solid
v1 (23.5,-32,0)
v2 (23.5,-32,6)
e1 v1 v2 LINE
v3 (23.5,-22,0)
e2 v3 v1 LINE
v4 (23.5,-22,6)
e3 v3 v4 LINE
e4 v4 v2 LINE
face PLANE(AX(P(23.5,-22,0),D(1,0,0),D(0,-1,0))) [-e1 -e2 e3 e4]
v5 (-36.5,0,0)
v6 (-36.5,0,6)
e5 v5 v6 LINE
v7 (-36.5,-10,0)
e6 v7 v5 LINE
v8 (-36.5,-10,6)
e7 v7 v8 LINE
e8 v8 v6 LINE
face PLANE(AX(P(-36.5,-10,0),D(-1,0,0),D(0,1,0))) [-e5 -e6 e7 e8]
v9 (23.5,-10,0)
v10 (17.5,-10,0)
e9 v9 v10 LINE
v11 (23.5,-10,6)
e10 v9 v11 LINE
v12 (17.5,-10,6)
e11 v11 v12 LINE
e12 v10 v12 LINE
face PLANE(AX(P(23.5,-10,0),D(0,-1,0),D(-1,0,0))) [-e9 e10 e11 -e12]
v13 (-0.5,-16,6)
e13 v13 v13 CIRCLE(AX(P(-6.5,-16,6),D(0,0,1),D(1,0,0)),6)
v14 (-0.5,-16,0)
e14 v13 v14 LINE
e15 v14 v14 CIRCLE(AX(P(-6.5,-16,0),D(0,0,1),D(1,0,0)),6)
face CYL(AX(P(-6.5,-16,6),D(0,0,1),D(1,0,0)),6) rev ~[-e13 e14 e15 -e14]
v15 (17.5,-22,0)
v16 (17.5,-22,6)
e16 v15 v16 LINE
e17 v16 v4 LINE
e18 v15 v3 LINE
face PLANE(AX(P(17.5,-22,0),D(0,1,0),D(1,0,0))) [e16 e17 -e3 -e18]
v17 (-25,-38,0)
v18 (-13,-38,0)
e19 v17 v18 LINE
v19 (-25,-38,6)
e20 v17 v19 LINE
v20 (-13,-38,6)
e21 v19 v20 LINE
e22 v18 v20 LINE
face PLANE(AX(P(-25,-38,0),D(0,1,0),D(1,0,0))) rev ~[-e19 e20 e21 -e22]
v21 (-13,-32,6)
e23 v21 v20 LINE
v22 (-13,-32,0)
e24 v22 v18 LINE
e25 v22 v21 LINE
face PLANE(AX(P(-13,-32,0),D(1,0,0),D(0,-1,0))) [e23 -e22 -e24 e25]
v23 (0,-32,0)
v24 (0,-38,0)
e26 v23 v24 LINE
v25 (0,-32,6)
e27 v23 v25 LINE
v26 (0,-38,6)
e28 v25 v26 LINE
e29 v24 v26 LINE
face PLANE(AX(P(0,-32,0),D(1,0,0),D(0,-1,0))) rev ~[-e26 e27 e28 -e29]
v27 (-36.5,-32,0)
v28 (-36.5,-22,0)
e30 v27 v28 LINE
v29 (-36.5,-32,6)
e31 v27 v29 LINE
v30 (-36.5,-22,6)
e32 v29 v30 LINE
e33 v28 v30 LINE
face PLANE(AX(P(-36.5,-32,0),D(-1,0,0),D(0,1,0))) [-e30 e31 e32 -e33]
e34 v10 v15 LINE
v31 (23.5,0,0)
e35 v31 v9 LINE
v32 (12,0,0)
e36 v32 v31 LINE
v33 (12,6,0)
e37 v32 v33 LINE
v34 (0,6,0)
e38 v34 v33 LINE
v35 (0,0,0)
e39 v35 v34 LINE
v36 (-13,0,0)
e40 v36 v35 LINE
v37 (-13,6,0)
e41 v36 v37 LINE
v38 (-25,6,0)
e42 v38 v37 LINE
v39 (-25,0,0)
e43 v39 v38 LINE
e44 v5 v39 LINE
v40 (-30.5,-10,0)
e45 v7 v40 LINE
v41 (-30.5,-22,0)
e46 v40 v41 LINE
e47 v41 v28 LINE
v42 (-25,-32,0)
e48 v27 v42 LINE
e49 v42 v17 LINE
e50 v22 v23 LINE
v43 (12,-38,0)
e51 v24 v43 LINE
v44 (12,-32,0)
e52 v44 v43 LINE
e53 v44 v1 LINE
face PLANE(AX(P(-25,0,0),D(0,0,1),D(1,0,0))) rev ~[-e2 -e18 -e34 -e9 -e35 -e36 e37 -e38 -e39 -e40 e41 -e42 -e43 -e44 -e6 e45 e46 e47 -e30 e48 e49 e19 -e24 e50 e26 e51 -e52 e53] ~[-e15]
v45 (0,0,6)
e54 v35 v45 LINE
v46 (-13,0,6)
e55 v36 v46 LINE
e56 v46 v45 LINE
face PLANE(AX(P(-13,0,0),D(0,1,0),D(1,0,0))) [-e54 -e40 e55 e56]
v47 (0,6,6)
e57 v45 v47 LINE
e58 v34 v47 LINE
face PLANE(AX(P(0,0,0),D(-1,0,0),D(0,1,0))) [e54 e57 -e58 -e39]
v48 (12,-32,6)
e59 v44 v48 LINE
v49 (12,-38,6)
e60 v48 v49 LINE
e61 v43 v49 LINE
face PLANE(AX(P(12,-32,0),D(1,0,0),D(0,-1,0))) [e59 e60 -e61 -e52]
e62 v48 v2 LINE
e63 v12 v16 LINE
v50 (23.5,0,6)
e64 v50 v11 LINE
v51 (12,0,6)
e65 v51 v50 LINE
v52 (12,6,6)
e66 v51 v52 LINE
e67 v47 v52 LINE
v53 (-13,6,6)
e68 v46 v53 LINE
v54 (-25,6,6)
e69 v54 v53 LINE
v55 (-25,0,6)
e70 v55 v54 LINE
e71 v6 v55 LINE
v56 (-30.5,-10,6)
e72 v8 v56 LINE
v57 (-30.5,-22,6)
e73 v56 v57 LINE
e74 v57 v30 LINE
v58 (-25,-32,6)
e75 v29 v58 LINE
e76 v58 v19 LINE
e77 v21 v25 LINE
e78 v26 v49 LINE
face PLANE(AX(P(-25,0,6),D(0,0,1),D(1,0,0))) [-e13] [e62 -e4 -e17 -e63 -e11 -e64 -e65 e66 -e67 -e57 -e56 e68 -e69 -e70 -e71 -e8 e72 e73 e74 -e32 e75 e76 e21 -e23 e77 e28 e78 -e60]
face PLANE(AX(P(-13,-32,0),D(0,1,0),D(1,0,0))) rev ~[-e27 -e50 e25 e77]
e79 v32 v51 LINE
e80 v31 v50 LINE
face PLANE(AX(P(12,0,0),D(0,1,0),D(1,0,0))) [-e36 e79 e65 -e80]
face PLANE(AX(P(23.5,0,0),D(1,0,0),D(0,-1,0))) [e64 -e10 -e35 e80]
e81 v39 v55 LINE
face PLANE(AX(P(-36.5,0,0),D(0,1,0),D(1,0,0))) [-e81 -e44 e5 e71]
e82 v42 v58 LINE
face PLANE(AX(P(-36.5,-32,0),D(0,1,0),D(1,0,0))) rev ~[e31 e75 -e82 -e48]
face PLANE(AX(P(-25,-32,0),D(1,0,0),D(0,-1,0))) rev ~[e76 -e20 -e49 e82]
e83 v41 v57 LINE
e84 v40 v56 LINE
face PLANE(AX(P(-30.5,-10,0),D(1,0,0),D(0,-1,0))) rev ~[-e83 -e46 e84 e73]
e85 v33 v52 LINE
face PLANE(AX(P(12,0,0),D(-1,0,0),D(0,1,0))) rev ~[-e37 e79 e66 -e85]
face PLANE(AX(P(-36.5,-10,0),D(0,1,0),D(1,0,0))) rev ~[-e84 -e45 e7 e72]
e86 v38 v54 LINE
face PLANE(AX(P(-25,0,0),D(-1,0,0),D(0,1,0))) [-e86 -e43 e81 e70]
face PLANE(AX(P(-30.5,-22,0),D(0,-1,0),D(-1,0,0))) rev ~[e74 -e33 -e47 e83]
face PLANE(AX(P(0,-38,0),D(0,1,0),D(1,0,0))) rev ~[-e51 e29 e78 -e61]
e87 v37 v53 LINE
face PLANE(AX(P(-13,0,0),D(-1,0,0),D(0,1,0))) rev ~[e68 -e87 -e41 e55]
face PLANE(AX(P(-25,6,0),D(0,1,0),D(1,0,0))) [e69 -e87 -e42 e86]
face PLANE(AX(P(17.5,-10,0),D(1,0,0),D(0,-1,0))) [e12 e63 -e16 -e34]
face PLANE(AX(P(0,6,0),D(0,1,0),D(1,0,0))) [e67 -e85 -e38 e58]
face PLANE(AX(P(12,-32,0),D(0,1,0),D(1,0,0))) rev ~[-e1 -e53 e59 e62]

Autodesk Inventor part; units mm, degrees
ref_plane "YZ Plane" through (0, 0, 0) normal (1, 0, 0) x (0, 1, 0)
ref_plane "XZ Plane" through (0, 0, 0) normal (0, 1, 0) x (-1, 0, 0)
ref_plane "XY Plane" through (0, 0, 0) normal (0, 0, 1) x (1, 0, 0)
ref_plane "Work Plane1" through (-25, 0, 0) normal (0, 0, 1) x (1, 0, 0)
sketch "Sketch1" plane through (-25, 0, 0) normal (0, 0, 1) x (1, 0, 0)
  line L0 (25, 6) -> (37, 6)
  line L1 (25, 0) -> (25, 6)
  line L2 (37, 0) -> (25, 0)
  line L3 (37, 0) -> (37, 6)
  line L4 (0, 6) -> (12, 6)
  line L5 (0, 0) -> (0, 6)
  line L6 (12, 0) -> (0, 0)
  line L7 (12, 0) -> (12, 6)
  line L8 (-11.5, 0) -> (0, 0)
  line L9 (12, 0) -> (25, 0)
  line L10 (37, 0) -> (48.5, 0)
  line L11 (48.5, 0) -> (-11.5, 0)
  line L12 (-11.5, -32) -> (48.5, -32)
  line L13 (48.5, -10) -> (42.5, -10)
  line L14 (42.5, -10) -> (42.5, -22)
  line L15 (42.5, -22) -> (48.5, -22)
  line L16 (48.5, -22) -> (48.5, -10)
  line L17 (-11.5, -10) -> (-5.5, -10)
  line L18 (-5.5, -10) -> (-5.5, -22)
  line L19 (-5.5, -22) -> (-11.5, -22)
  line L20 (-11.5, -22) -> (-11.5, -10)
  line L21 (-11.5, 0) -> (-11.5, 6)
  line L22 (48.5, -16) -> (-11.5, -16) construction
  line L23 (25, -38) -> (37, -38)
  line L24 (25, -32) -> (25, -38)
  line L25 (37, -32) -> (25, -32)
  line L26 (37, -32) -> (37, -38)
  line L27 (0, -38) -> (12, -38)
  line L28 (0, -32) -> (0, -38)
  line L29 (12, -32) -> (0, -32)
  line L30 (12, -32) -> (12, -38)
  line L31 (12, -32) -> (25, -32)
  line L32 (48.5, 0) -> (48.5, -32)
  line L33 (-11.5, -32) -> (-11.5, 0)
  point P0 (42.5, -16)
  point P1 (-5.5, -16)
  point P2 (-11.5, -16)
  point P3 (-11.5, -16)
  point P4 (48.5, -16)
  dimension "d0" = 32
  dimension "d1" = 60
extrude "Plate1" add sketch "Sketch1" along normal blind 6 contours L0 L3 L2 L1 | L2 L10 L32 L13 L14 L15 L12 L33 L19 L18 L17 L8 L6 L9 | L6 L5 L4 L7 | L26 L23 L24 L12 | L12 L30 L27 L28
sketch "Sketch2" plane through (-25, 0, 6) normal (0, 0, 1) x (1, 0, 0)
  line L0 (-11.5, -10) -> (-5.5, -10) projected
  line L1 (-5.5, -10) -> (-5.5, -22) projected
  line L2 (-5.5, -22) -> (-11.5, -22) projected
  line L3 (-11.5, -32) -> (-11.5, -22) projected
  line L4 (0, -32) -> (-11.5, -32) projected
  line L5 (0, -38) -> (0, -32) projected
  line L6 (12, -38) -> (0, -38) projected
  line L7 (12, -32) -> (12, -38) projected
  line L8 (25, -32) -> (12, -32) projected
  line L9 (25, -38) -> (25, -32) projected
  line L10 (37, -38) -> (25, -38) projected
  line L11 (37, -32) -> (37, -38) projected
  line L12 (48.5, -32) -> (37, -32) projected
  line L13 (48.5, -22) -> (48.5, -32) projected
  line L14 (48.5, -22) -> (42.5, -22) projected
  line L15 (42.5, -22) -> (42.5, -10) projected
  line L16 (42.5, -10) -> (48.5, -10) projected
  line L17 (48.5, 0) -> (48.5, -10) projected
  line L18 (37, 0) -> (48.5, 0) projected
  line L19 (37, 6) -> (37, 0) projected
  line L20 (25, 6) -> (37, 6) projected
  line L21 (25, 0) -> (25, 6) projected
  line L22 (12, 0) -> (25, 0) projected
  line L23 (12, 6) -> (12, 0) projected
  line L24 (0, 6) -> (12, 6) projected
  line L25 (0, 0) -> (0, 6) projected
  line L26 (-11.5, 0) -> (0, 0) projected
  line L27 (-11.5, -10) -> (-11.5, 0) projected
  circle A0 centre (18.5, -16) radius 6
  point P0 (18.5, -32)
  point P1 (42.5, -16)
  dimension "d3" = 12
extrude "Cut1" cut sketch "Sketch2" against normal blind 6 contours A0
equation "\"d4\" = Thickness"
equation "\"d2\" = Thickness"
equation "\"BendRadius\" = Thickness"
equation "\"BendReliefWidth\" = Thickness"
equation "\"BendReliefDepth\" = 0.5 * Thickness"
equation "\"CornerReliefSize\" = 4 * Thickness"
equation "\"MinimumRemnant\" = 2 * Thickness"
equation "\"TransitionRadius\" = BendRadius"
equation "\"JacobiRadiusSize\" = BendRadius"
equation "\"GapSize\" = Thickness"
equation "\"Thickness\" = 6"
properties part number "zijkant knoppendoosje met gat" material "Wood (Birch)"
